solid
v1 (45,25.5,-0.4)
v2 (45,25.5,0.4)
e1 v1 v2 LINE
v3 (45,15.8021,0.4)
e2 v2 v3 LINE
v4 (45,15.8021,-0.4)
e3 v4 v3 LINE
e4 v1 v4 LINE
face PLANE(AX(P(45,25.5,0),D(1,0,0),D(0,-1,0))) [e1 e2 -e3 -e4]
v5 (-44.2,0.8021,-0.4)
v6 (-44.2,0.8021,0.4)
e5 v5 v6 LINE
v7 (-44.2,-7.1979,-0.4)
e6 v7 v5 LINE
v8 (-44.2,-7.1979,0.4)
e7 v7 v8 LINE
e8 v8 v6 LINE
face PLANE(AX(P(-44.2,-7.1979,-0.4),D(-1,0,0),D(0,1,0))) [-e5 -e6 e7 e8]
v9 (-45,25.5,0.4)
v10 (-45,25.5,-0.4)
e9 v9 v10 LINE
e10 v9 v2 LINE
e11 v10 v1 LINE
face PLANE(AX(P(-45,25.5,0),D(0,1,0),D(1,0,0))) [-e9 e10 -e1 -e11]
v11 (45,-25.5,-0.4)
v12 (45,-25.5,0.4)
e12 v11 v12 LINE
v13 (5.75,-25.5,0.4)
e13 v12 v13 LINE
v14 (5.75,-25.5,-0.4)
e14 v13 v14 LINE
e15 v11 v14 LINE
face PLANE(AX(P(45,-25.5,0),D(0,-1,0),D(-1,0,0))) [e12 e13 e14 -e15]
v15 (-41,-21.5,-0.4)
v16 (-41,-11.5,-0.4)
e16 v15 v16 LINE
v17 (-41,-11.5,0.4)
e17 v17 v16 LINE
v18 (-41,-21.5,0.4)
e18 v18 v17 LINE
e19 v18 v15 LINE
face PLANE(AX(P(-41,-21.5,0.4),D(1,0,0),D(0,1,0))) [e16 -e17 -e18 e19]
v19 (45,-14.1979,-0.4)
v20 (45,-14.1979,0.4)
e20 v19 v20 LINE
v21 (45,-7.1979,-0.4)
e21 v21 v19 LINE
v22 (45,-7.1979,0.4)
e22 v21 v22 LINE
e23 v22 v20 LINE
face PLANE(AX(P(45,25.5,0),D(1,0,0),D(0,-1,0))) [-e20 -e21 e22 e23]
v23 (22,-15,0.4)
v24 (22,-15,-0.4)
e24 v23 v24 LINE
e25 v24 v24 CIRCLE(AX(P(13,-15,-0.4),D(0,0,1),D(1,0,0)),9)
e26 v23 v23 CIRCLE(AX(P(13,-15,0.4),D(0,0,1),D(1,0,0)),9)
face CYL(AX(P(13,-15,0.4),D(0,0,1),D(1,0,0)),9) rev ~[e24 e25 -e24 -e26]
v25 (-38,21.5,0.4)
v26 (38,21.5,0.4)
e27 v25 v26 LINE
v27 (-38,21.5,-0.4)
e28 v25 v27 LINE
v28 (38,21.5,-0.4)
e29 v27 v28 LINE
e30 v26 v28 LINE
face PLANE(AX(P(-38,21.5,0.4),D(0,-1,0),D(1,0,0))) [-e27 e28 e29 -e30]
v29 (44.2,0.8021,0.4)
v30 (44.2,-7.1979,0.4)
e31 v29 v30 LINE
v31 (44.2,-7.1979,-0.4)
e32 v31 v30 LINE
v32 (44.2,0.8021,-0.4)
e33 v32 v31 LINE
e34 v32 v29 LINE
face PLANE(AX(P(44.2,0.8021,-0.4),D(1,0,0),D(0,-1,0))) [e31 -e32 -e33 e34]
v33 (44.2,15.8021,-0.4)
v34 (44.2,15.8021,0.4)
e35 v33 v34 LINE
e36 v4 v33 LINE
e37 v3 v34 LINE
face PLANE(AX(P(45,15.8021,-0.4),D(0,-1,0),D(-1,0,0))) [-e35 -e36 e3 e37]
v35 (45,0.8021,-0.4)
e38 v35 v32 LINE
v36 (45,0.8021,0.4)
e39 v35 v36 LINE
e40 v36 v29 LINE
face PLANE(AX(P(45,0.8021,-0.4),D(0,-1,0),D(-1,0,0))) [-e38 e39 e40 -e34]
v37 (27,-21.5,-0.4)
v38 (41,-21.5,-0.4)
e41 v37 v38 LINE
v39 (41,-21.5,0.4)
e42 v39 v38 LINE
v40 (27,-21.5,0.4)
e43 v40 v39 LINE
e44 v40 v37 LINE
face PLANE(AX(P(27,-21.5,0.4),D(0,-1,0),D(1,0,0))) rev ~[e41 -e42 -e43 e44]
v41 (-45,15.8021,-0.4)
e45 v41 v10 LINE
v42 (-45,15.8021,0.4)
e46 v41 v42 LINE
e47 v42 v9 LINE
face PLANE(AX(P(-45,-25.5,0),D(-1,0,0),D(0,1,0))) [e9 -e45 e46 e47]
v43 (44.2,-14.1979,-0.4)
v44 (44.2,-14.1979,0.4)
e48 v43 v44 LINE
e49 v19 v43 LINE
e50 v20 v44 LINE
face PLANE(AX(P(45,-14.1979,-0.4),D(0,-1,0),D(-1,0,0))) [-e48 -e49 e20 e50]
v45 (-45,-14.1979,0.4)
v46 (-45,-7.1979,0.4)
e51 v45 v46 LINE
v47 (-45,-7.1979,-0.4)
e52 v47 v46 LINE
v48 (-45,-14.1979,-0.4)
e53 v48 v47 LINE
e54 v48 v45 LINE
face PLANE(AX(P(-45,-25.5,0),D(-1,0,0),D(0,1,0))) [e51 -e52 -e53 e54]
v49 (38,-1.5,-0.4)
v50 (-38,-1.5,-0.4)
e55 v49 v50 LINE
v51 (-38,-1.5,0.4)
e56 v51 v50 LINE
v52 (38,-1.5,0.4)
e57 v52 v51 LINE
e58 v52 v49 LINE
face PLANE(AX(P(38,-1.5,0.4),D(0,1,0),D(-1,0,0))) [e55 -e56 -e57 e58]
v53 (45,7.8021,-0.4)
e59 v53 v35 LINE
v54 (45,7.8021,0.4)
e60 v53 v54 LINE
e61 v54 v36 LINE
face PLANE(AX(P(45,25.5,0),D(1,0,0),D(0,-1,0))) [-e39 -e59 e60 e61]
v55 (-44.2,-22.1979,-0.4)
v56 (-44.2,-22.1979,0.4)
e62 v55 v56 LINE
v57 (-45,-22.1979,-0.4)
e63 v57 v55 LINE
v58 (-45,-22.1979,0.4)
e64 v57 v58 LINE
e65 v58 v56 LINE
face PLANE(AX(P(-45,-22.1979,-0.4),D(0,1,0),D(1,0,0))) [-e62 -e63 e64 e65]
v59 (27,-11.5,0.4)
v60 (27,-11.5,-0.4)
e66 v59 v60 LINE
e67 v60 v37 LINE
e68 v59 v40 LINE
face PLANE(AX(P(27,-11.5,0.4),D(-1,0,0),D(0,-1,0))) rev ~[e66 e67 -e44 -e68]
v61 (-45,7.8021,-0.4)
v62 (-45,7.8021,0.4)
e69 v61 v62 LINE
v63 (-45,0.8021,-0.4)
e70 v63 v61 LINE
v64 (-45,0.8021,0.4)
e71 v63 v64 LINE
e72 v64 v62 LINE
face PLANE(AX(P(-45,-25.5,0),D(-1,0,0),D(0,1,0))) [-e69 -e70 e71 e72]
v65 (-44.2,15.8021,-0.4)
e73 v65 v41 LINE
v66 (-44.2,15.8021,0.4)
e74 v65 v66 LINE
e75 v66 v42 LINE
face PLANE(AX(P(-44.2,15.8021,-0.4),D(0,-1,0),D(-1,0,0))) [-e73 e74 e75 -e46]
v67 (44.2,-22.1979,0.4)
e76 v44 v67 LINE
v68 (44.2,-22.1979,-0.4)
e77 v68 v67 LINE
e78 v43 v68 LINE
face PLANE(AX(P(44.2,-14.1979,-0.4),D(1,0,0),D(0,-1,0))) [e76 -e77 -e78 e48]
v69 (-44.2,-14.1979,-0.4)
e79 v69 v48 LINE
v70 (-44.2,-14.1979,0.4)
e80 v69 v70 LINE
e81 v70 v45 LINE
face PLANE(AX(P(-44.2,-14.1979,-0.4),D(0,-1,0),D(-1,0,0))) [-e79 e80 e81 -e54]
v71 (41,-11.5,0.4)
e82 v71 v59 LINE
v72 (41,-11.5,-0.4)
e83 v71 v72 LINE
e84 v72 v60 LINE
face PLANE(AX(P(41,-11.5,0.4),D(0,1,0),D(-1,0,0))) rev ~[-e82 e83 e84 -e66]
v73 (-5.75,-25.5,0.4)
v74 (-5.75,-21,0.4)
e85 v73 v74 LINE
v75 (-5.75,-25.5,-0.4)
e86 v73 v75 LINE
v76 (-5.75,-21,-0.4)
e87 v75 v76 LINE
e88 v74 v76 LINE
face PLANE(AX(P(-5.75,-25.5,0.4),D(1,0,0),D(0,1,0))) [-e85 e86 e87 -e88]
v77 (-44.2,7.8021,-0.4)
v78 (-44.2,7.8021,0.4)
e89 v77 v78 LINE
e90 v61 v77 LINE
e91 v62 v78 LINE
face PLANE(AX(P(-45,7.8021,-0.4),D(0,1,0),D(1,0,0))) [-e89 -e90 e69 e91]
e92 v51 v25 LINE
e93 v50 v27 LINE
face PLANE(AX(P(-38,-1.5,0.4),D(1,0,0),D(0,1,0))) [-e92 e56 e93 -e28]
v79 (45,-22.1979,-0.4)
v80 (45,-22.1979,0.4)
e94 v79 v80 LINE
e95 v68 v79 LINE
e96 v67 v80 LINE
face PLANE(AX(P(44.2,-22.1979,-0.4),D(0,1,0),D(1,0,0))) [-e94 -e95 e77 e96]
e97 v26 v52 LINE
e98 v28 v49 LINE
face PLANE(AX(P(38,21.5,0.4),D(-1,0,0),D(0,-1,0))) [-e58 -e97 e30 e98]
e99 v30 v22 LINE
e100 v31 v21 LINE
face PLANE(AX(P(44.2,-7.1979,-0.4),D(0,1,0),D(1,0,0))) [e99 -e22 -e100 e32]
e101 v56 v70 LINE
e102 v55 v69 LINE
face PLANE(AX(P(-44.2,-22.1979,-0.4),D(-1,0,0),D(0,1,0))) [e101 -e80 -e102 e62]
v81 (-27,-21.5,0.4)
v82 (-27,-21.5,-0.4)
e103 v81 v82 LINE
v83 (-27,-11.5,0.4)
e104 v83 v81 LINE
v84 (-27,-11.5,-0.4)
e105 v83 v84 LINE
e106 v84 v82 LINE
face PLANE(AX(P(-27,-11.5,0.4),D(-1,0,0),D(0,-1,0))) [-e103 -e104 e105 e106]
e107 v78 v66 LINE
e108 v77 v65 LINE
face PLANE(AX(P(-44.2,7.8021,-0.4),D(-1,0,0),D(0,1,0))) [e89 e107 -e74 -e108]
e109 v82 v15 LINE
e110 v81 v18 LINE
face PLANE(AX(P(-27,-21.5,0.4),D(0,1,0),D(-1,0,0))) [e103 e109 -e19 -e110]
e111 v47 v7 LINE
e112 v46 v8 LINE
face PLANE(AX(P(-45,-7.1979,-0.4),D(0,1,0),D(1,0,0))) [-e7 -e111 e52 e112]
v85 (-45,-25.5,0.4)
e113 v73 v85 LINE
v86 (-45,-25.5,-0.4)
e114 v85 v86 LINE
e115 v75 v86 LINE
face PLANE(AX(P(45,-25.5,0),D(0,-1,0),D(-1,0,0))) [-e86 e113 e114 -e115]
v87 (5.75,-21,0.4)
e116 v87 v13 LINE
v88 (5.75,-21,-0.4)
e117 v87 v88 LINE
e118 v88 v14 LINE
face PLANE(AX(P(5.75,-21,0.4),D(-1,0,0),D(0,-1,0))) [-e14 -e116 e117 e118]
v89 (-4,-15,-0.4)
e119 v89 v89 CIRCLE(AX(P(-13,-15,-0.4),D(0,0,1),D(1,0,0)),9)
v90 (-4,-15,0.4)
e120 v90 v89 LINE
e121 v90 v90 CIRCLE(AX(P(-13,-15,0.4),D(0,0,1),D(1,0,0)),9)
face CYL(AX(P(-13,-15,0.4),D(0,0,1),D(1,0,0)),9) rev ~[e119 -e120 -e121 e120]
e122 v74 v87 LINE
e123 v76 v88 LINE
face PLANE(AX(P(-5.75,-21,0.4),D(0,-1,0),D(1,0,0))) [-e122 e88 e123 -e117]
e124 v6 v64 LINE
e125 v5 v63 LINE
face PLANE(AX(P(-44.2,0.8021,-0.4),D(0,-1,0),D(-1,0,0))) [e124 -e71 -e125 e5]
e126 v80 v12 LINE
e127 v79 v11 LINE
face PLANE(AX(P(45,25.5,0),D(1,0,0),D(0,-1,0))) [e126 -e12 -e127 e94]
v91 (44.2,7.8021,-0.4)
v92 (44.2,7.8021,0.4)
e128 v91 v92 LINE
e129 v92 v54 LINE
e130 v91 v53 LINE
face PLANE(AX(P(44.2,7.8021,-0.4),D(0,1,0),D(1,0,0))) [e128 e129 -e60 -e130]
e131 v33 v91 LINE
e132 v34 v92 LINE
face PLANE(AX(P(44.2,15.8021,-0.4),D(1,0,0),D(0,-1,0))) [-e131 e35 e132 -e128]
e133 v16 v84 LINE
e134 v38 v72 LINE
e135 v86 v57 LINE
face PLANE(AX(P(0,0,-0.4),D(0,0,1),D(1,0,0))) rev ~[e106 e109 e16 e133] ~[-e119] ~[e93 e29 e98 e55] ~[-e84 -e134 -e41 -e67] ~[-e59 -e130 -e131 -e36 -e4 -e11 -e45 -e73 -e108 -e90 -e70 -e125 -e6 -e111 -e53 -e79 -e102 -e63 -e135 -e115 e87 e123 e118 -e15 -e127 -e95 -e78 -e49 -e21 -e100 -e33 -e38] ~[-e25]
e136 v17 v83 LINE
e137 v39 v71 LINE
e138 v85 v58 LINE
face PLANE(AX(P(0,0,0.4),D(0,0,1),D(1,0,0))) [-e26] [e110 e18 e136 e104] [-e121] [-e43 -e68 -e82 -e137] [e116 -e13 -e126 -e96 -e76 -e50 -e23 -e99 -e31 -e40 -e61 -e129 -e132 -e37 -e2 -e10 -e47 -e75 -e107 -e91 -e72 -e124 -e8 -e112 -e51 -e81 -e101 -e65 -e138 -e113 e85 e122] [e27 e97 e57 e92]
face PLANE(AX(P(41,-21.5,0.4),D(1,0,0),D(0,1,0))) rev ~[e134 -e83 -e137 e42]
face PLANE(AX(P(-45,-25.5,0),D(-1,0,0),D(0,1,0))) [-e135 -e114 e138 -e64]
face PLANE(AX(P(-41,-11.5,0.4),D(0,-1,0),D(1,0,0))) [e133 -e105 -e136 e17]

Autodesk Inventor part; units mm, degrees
ref_plane "YZ Plane" through (0, 0, 0) normal (1, 0, 0) x (0, 1, 0)
ref_plane "XZ Plane" through (0, 0, 0) normal (0, 1, 0) x (-1, 0, 0)
ref_plane "XY Plane" through (0, 0, 0) normal (0, 0, 1) x (1, 0, 0)
sketch "Sketch1" plane through (0, 0, 0) normal (0, 0, 1) x (1, 0, 0)
  line L0 (0, 35.7) -> (0, -35.7) construction
  line L1 (-63, 0) -> (63, 0) construction
  line L2 (45, -25.5) -> (-45, -25.5)
  line L3 (-45, -25.5) -> (-45, 25.5)
  line L4 (-45, 25.5) -> (45, 25.5)
  line L5 (45, 25.5) -> (45, -25.5)
  line L6 (45, -25.5) -> (-45, 25.5) construction
  line L7 (-45, -25.5) -> (45, 25.5) construction
  point P0 (0, 0)
  dimension "d0" = 90
  dimension "d1" = 51
extrude "Extrusion1" add sketch "Sketch1" along normal mid plane 0.8
sketch "Esquisse2" plane through (0, 0, 0.4) normal (0, 0, 1) x (1, 0, 0)
  line L0 (-45, -25.5) -> (45, -25.5) construction
  line L1 (45, -25.5) -> (45, 25.5) construction
  line L2 (45, 25.5) -> (-45, 25.5) construction
  line L3 (-45, 25.5) -> (-45, -25.5) construction
  line L4 (-63, 0) -> (63, 0) construction
  line L5 (0, 35.7) -> (0, -35.7) construction
  circle A0 centre (-13, -15) radius 9
  circle A1 centre (13, -15) radius 9
  point P0 (0, 0)
  dimension "d4" = 10.5
  dimension "d5" = 18
  dimension "d6" = 18
  dimension "d7" = 26
extrude "Extrusion2" cut sketch "Esquisse2" against normal through all
sketch "Esquisse3" plane through (0, 0, 0.4) normal (0, 0, 1) x (1, 0, 0)
  circle A0 centre (-13, -15) radius 9 construction
  circle A1 centre (13, -15) radius 9 construction
  line L0 (-45, -25.5) -> (45, -25.5) construction
  line L1 (45, -25.5) -> (45, 25.5) construction
  line L2 (45, 25.5) -> (-45, 25.5) construction
  line L3 (-45, 25.5) -> (-45, -25.5) construction
  line L4 (-63, 0) -> (63, 0) construction
  line L5 (0, 35.7) -> (0, -35.7) construction
  line L6 (-5.75, -21) -> (5.75, -21)
  line L7 (5.75, -21) -> (5.75, -25.5)
  line L8 (5.75, -25.5) -> (-5.75, -25.5)
  line L9 (-5.75, -25.5) -> (-5.75, -21)
  point P0 (0, 0)
  dimension "d10" = 4.5
  dimension "d11" = 11.5
extrude "Extrusion3" cut sketch "Esquisse3" against normal through all
sketch "Esquisse4" plane through (0, 0, 0.4) normal (0, 0, 1) x (1, 0, 0)
  line L0 (5.75, -21) -> (5.75, -25.5) construction
  line L1 (5.75, -25.5) -> (45, -25.5) construction
  line L2 (45, -25.5) -> (45, 25.5) construction
  line L3 (45, 25.5) -> (-45, 25.5) construction
  line L4 (-45, 25.5) -> (-45, -25.5) construction
  line L5 (-45, -25.5) -> (-5.75, -25.5) construction
  line L6 (-5.75, -25.5) -> (-5.75, -21) construction
  line L7 (-5.75, -21) -> (5.75, -21) construction
  circle A0 centre (-13, -15) radius 9 construction
  circle A1 centre (13, -15) radius 9 construction
  line L8 (0, 35.7) -> (0, -35.7) construction
  line L9 (-63, 0) -> (63, 0) construction
  line L10 (-38, 21.5) -> (38, 21.5)
  line L11 (38, 21.5) -> (38, -1.5)
  line L12 (38, -1.5) -> (-38, -1.5)
  line L13 (-38, -1.5) -> (-38, 21.5)
  point P0 (0, 0)
  dimension "d14" = 76
  dimension "d15" = 23
  dimension "d16" = 4
extrude "Extrusion4" cut sketch "Esquisse4" against normal blind 10
sketch "Esquisse5" plane through (0, 0, 0.4) normal (0, 0, 1) x (1, 0, 0)
  line L0 (-38, -1.5) -> (-38, 21.5) construction
  line L1 (-38, 21.5) -> (38, 21.5) construction
  line L2 (38, 21.5) -> (38, -1.5) construction
  line L3 (38, -1.5) -> (-38, -1.5) construction
  line L4 (5.75, -21) -> (5.75, -25.5) construction
  line L5 (5.75, -25.5) -> (45, -25.5) construction
  line L6 (45, -25.5) -> (45, 25.5) construction
  line L7 (45, 25.5) -> (-45, 25.5) construction
  line L8 (-45, 25.5) -> (-45, -25.5) construction
  line L9 (-45, -25.5) -> (-5.75, -25.5) construction
  line L10 (-5.75, -25.5) -> (-5.75, -21) construction
  line L11 (-5.75, -21) -> (5.75, -21) construction
  circle A0 centre (-13, -15) radius 9 construction
  circle A1 centre (13, -15) radius 9 construction
  line L12 (-41, -11.5) -> (-27, -11.5)
  line L13 (-27, -11.5) -> (-27, -21.5)
  line L14 (-27, -21.5) -> (-41, -21.5)
  line L15 (-41, -21.5) -> (-41, -11.5)
  line L16 (0, 35.7) -> (0, -35.7) construction
  line L17 (41, -11.5) -> (27, -11.5)
  line L18 (27, -11.5) -> (27, -21.5)
  line L19 (27, -21.5) -> (41, -21.5)
  line L20 (41, -21.5) -> (41, -11.5)
  point P0 (0, 0)
  dimension "d19" = 14
  dimension "d20" = 10
  dimension "d21" = 4
  dimension "d22" = 4
extrude "Extrusion5" cut sketch "Esquisse5" against normal blind 10
sketch "Esquisse7" plane through (0, 0, -0.4) normal (0, 0, -1) x (-1, 0, 0)
  line L0 (44.2, 0.8021) -> (45, 0.8021)
  line L1 (45, 0.8021) -> (45, -7.1979)
  line L2 (45, -7.1979) -> (44.2, -7.1979)
  line L3 (44.2, -7.1979) -> (44.2, 0.8021)
  line L4 (44.2, 15.8021) -> (45, 15.8021)
  line L5 (45, 15.8021) -> (45, 7.8021)
  line L6 (45, 7.8021) -> (44.2, 7.8021)
  line L7 (44.2, 7.8021) -> (44.2, 15.8021)
  line L8 (44.2, -14.1979) -> (45, -14.1979)
  line L9 (45, -14.1979) -> (45, -22.1979)
  line L10 (45, -22.1979) -> (44.2, -22.1979)
  line L11 (44.2, -22.1979) -> (44.2, -14.1979)
  line L12 (-45, 0.8021) -> (-44.2, 0.8021)
  line L13 (-44.2, 0.8021) -> (-44.2, -7.1979)
  line L14 (-44.2, -7.1979) -> (-45, -7.1979)
  line L15 (-45, -7.1979) -> (-45, 0.8021)
  line L16 (-45, 15.8021) -> (-44.2, 15.8021)
  line L17 (-44.2, 15.8021) -> (-44.2, 7.8021)
  line L18 (-44.2, 7.8021) -> (-45, 7.8021)
  line L19 (-45, 7.8021) -> (-45, 15.8021)
  line L20 (-45, -14.1979) -> (-44.2, -14.1979)
  line L21 (-44.2, -14.1979) -> (-44.2, -22.1979)
  line L22 (-44.2, -22.1979) -> (-45, -22.1979)
  line L23 (-45, -22.1979) -> (-45, -14.1979)
  point P0 (0, 0)
extrude "Extrusion7" cut sketch "Esquisse7" against normal blind 0.8
properties part number "Carosserie_Capot_Avant_Bas" material "PVC-U"
